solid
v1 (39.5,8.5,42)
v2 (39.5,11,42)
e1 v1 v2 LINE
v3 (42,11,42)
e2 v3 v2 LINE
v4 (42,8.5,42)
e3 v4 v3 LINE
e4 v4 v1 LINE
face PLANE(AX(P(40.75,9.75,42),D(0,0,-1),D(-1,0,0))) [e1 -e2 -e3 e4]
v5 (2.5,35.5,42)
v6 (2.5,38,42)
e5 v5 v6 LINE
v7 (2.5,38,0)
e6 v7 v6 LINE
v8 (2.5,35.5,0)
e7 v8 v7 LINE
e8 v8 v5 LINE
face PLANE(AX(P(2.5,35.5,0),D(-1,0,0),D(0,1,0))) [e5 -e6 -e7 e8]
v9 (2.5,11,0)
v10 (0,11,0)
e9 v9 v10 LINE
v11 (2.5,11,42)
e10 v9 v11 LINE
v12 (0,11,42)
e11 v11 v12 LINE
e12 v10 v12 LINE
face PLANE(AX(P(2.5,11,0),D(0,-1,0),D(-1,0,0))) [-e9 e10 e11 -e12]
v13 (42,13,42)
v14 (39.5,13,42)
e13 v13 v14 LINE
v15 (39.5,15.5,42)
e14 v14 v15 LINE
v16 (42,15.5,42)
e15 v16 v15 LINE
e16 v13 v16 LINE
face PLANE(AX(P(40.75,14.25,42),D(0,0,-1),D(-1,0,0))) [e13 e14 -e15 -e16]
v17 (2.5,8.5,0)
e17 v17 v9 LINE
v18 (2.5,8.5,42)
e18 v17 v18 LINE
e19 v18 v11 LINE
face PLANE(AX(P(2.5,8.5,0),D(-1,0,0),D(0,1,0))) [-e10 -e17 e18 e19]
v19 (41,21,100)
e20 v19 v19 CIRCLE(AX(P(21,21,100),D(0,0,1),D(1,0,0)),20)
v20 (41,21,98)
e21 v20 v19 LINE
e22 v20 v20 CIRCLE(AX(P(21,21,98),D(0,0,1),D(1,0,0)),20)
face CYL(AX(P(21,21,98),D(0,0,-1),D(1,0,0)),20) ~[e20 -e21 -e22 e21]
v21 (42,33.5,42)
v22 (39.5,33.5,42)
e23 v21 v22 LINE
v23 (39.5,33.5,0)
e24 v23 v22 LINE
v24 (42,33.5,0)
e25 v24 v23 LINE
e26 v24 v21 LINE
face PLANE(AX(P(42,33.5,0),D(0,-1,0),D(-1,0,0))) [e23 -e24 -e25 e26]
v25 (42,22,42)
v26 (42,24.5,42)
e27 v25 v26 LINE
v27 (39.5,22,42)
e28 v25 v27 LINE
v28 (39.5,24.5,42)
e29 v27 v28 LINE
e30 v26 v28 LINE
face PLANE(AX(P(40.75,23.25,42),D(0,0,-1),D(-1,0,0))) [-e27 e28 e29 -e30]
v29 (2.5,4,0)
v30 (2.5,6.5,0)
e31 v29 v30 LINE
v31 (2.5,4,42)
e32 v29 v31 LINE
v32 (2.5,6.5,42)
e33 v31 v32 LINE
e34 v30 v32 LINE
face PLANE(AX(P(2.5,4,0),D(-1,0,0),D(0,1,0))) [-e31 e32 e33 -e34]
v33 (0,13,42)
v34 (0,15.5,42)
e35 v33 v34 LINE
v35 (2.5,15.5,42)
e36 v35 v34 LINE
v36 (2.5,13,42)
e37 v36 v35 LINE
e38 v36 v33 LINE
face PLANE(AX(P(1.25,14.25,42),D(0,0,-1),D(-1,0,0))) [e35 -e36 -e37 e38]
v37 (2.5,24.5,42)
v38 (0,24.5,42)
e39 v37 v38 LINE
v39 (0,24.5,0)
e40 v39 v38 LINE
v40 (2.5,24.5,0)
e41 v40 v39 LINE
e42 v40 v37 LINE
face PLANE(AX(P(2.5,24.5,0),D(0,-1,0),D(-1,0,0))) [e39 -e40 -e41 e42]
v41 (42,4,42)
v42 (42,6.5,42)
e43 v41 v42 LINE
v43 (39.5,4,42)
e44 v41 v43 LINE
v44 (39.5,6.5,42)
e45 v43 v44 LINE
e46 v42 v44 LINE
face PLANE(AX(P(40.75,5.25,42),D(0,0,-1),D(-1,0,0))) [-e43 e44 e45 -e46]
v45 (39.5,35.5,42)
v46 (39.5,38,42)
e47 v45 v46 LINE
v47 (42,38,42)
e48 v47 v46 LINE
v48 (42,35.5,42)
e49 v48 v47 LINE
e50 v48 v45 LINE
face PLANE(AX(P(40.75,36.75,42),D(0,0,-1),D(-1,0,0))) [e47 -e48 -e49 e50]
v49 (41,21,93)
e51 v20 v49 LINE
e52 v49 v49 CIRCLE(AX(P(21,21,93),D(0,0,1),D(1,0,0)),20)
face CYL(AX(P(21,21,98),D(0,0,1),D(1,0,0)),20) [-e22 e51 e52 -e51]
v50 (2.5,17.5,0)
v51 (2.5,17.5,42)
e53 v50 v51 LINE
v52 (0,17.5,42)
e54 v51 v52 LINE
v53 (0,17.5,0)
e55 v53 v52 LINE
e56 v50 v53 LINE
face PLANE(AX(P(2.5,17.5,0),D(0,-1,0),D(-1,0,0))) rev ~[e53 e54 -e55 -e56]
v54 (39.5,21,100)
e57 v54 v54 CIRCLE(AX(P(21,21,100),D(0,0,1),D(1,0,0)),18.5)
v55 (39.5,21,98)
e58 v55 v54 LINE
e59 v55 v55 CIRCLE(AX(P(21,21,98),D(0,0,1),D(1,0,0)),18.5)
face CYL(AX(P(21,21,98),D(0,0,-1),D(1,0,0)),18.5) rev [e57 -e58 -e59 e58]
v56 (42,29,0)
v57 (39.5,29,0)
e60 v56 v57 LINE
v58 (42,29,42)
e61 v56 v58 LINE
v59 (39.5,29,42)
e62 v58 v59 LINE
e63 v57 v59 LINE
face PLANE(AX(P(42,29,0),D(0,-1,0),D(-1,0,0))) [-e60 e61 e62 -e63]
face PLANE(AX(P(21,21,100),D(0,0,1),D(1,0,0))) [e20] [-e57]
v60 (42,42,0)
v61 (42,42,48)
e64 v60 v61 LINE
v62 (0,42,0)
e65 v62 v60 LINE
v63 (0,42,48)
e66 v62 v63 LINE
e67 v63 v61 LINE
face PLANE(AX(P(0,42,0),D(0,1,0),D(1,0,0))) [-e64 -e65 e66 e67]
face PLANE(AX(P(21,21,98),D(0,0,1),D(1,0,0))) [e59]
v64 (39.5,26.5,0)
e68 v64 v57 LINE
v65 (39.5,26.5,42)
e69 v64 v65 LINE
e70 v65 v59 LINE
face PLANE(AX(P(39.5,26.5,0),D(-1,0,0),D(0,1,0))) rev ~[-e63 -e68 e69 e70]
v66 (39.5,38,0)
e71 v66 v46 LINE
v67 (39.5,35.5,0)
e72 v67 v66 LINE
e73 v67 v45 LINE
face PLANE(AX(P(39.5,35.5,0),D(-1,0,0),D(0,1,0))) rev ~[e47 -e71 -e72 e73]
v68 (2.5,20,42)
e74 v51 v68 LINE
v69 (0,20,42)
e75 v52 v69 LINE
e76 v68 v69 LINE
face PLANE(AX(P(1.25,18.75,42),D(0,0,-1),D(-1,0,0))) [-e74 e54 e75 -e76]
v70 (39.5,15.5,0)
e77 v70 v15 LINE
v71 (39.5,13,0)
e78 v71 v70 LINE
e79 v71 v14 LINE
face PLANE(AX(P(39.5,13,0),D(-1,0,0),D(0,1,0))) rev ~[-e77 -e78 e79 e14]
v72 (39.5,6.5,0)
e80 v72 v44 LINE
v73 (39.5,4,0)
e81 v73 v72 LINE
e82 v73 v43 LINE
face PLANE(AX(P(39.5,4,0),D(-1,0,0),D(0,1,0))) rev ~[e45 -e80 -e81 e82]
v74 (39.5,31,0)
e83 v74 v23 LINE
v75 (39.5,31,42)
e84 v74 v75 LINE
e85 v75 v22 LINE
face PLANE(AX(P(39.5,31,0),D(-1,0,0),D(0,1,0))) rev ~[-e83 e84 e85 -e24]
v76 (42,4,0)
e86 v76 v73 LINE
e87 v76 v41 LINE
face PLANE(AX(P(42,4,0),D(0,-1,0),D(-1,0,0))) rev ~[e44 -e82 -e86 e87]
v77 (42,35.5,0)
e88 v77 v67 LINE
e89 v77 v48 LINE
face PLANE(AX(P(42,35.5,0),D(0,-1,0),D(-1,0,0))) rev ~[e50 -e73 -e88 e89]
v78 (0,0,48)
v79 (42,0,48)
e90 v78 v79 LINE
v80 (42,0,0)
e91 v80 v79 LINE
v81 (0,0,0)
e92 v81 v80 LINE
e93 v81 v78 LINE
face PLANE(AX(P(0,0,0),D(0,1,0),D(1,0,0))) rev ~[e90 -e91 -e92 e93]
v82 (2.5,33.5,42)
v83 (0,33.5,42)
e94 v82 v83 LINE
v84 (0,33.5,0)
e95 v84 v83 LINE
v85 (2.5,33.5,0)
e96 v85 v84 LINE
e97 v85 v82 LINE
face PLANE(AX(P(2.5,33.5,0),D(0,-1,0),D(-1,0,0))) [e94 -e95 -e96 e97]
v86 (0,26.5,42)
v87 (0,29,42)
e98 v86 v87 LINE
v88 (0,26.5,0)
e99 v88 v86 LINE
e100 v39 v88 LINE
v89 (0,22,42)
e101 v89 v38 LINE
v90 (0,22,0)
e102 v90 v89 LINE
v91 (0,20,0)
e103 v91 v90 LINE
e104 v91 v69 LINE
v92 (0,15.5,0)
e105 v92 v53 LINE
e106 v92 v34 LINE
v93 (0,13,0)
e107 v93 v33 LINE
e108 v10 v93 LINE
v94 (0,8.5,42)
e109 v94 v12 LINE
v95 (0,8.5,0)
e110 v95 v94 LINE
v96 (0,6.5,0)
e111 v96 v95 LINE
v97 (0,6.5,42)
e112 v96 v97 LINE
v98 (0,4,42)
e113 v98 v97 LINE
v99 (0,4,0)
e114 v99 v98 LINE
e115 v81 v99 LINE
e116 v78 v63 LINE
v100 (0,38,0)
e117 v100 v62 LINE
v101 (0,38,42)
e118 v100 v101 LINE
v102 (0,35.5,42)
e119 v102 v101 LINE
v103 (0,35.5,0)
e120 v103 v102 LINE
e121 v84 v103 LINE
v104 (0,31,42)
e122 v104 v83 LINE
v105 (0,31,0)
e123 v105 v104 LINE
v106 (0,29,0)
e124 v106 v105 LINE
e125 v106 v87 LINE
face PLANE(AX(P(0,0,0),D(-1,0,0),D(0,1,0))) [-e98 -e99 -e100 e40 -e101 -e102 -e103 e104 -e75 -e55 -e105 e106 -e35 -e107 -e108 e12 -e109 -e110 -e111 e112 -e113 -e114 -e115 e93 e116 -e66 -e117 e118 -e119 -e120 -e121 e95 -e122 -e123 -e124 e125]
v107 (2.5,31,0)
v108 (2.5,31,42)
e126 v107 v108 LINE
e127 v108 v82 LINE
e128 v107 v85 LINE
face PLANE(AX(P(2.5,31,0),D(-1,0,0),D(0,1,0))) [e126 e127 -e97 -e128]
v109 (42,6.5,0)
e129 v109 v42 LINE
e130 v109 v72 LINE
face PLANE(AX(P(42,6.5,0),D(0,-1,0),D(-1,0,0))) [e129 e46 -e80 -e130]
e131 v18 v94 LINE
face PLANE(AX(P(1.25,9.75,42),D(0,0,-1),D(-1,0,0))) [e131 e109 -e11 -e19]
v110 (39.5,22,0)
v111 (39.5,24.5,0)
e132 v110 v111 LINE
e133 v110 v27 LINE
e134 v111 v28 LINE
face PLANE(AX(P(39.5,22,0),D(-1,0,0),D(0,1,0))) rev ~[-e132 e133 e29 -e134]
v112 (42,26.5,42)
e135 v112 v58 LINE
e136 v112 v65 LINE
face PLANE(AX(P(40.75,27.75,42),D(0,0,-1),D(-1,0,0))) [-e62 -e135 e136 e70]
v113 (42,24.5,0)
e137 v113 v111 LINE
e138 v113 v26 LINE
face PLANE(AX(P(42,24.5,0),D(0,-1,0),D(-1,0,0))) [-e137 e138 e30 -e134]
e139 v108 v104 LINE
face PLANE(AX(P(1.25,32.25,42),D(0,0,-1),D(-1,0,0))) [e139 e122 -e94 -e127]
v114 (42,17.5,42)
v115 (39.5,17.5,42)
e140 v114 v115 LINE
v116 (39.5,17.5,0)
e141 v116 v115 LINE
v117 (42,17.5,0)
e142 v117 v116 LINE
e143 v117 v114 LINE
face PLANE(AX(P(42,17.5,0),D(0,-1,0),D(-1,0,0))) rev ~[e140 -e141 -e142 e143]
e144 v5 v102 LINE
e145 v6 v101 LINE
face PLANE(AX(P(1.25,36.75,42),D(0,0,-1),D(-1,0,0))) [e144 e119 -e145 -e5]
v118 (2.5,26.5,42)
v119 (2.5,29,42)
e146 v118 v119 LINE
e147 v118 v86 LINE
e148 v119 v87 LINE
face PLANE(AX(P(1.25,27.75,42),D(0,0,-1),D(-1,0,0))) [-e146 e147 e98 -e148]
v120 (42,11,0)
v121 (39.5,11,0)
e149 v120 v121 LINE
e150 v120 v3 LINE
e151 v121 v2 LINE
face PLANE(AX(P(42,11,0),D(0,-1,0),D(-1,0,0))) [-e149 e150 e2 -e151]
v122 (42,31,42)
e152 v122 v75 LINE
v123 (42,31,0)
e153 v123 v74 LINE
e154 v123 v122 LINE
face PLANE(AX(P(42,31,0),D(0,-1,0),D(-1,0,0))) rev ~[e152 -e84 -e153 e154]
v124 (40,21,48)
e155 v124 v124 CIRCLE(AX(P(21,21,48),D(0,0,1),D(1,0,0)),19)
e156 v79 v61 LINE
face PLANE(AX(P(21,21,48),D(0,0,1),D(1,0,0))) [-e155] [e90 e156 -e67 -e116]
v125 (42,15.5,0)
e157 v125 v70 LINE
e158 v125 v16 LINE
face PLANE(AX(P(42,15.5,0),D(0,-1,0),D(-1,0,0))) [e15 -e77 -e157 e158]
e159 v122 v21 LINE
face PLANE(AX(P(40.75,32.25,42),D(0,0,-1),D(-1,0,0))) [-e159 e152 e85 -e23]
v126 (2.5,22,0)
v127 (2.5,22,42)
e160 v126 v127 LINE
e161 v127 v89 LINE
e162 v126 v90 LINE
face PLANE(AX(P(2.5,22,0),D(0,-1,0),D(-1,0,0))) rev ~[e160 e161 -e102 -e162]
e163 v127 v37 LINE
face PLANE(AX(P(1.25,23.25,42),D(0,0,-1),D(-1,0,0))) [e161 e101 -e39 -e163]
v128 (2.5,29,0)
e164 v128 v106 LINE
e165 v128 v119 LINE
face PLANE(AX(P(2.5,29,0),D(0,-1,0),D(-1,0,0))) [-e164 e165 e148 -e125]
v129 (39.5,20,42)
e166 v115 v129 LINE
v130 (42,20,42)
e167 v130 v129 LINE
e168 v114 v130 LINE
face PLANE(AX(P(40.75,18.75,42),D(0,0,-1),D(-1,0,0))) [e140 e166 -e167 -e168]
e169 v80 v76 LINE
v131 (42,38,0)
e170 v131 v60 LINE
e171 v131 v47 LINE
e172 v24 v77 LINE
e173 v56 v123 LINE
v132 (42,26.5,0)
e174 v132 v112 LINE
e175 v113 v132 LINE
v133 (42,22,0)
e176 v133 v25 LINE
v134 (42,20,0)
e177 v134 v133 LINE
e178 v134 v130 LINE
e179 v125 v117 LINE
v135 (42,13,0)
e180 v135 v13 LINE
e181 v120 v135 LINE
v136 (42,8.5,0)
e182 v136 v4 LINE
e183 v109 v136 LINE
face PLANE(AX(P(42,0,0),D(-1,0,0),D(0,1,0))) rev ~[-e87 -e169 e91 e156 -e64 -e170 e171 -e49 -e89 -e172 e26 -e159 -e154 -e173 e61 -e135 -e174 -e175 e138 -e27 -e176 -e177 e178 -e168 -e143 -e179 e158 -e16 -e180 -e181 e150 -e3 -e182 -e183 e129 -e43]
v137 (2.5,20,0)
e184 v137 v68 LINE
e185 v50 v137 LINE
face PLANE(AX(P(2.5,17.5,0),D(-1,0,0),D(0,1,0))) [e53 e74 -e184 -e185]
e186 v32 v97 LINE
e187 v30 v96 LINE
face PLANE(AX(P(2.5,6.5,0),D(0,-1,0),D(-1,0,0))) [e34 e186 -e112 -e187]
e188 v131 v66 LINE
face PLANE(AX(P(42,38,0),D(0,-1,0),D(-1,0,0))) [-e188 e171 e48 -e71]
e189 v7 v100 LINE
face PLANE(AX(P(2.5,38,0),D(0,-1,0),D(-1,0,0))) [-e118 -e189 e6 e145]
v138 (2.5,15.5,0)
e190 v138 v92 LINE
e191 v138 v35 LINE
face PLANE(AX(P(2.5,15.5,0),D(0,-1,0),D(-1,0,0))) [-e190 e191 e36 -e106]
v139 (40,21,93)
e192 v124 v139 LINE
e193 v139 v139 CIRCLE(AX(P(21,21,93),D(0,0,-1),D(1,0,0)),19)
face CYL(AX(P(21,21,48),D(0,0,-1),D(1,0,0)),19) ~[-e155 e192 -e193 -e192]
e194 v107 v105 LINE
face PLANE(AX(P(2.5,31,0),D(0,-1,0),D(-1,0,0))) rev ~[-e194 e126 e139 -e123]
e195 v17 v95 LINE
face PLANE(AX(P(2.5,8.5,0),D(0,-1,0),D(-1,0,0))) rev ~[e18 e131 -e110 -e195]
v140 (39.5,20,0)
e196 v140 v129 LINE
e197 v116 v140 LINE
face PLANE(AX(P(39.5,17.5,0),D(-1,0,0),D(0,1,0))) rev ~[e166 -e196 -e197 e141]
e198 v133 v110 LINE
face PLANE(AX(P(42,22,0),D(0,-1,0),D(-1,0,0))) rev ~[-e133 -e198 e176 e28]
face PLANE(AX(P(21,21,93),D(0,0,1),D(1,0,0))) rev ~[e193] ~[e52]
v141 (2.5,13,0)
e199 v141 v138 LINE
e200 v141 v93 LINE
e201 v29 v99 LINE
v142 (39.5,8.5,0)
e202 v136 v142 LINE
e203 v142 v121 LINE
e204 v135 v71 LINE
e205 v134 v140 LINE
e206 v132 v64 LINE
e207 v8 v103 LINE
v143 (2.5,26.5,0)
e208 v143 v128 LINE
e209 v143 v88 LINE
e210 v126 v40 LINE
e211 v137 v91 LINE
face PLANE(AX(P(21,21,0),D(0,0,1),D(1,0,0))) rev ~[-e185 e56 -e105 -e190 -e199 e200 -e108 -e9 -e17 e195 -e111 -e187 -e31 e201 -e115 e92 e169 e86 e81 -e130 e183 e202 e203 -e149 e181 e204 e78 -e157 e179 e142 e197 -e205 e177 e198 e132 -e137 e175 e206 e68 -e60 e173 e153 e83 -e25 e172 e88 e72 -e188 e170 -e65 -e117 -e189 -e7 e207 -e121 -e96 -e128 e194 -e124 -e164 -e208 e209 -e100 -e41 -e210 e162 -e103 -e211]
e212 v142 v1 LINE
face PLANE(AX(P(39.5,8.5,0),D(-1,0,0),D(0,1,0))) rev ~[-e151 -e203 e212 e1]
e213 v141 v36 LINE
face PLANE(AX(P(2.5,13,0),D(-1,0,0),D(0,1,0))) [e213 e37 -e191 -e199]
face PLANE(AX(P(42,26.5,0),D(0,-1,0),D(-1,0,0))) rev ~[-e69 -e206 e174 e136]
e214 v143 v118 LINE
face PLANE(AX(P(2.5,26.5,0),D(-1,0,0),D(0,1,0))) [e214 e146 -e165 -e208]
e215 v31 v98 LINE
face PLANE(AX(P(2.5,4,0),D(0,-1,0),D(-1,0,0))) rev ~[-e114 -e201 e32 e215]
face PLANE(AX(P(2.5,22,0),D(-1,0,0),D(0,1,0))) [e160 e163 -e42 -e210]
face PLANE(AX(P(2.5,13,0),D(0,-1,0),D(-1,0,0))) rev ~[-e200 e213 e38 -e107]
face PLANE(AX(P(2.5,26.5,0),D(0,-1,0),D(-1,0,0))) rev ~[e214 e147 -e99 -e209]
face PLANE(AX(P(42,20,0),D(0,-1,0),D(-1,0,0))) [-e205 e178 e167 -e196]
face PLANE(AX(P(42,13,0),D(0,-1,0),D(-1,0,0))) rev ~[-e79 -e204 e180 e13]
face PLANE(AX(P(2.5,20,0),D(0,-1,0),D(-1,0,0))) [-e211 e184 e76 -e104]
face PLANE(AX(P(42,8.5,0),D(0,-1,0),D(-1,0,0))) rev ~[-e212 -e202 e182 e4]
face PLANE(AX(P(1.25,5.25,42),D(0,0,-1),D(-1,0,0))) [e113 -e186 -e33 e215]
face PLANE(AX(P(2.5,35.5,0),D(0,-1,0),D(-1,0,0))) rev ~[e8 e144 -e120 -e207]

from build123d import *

# Parameters (mm, degrees)
SKETCH2_W           = 42
SKETCH2_H           = 42
BOSS_EXTRUDE1_DEPTH = 48
SKETCH3_R           = 19
BOSS_EXTRUDE2_DEPTH = 50
SKETCH4_R           = 20
SKETCH4_R_2         = 18.5
BOSS_EXTRUDE3_DEPTH = 5
SKETCH5_R           = 20
SKETCH5_R_2         = 18.5
BOSS_EXTRUDE4_DEPTH = 2
SKETCH6_W           = 2.5
SKETCH6_H           = 2.5
CUT_EXTRUDE1_DEPTH  = 42


with BuildPart() as part:
    # Sketch2 → Boss-Extrude1 (new body)
    with BuildSketch(Plane.XY):
        with Locations((21, 21)):
            Rectangle(SKETCH2_W, SKETCH2_H)
    extrude(amount=BOSS_EXTRUDE1_DEPTH)

    # Sketch3 → Boss-Extrude2 (add)
    with BuildSketch(Plane.XY.offset(48)):
        with Locations((21, 21)):
            Circle(SKETCH3_R)
    extrude(amount=BOSS_EXTRUDE2_DEPTH)



with BuildPart() as body_2:
    # Sketch4 → Boss-Extrude3 (new body)
    with BuildSketch(Plane.XY.offset(98)):
        with Locations((21, 21)):
            Circle(SKETCH4_R)
        with Locations((21, 21)):
            Circle(SKETCH4_R_2, mode=Mode.SUBTRACT)
    extrude(amount=-BOSS_EXTRUDE3_DEPTH)


with BuildPart() as part_1:
    add(part.part)

    add(body_2.part)  # Boss-Extrude4 merges body 2
    # Sketch5 → Boss-Extrude4 (add)
    with BuildSketch(Plane.XY.offset(98)):
        with Locations((21, 21)):
            Circle(SKETCH5_R)
        with Locations((21, 21)):
            Circle(SKETCH5_R_2, mode=Mode.SUBTRACT)
    extrude(amount=BOSS_EXTRUDE4_DEPTH)

    # Sketch6 → Cut-Extrude1 (cut)
    with BuildSketch(Plane(origin=(0, 0, 0), x_dir=(-1, 0, 0), z_dir=(0, 0, -1))):
        with Locations((-40.75, 36.75)):
            Rectangle(SKETCH6_W, SKETCH6_H)
        with Locations((-40.75, 5.25)):
            Rectangle(SKETCH6_W, SKETCH6_H)
        with Locations((-40.75, 32.25)):
            Rectangle(SKETCH6_W, SKETCH6_H)
        with Locations((-40.75, 23.25)):
            Rectangle(SKETCH6_W, SKETCH6_H)
        with Locations((-40.75, 18.75)):
            Rectangle(SKETCH6_W, SKETCH6_H)
        with Locations((-40.75, 14.25)):
            Rectangle(SKETCH6_W, SKETCH6_H)
        with Locations((-40.75, 9.75)):
            Rectangle(SKETCH6_W, SKETCH6_H)
        with Locations((-40.75, 27.75)):
            Rectangle(SKETCH6_W, SKETCH6_H)
        with Locations((-1.25, 5.25)):
            Rectangle(SKETCH6_W, SKETCH6_H)
        with Locations((-1.25, 27.75)):
            Rectangle(SKETCH6_W, SKETCH6_H)
        with Locations((-1.25, 9.75)):
            Rectangle(SKETCH6_W, SKETCH6_H)
        with Locations((-1.25, 14.25)):
            Rectangle(SKETCH6_W, SKETCH6_H)
        with Locations((-1.25, 18.75)):
            Rectangle(SKETCH6_W, SKETCH6_H)
        with Locations((-1.25, 23.25)):
            Rectangle(SKETCH6_W, SKETCH6_H)
        with Locations((-1.25, 32.25)):
            Rectangle(SKETCH6_W, SKETCH6_H)
        with Locations((-1.25, 36.75)):
            Rectangle(SKETCH6_W, SKETCH6_H)
    extrude(amount=-CUT_EXTRUDE1_DEPTH, mode=Mode.SUBTRACT)


solid = part_1.part
